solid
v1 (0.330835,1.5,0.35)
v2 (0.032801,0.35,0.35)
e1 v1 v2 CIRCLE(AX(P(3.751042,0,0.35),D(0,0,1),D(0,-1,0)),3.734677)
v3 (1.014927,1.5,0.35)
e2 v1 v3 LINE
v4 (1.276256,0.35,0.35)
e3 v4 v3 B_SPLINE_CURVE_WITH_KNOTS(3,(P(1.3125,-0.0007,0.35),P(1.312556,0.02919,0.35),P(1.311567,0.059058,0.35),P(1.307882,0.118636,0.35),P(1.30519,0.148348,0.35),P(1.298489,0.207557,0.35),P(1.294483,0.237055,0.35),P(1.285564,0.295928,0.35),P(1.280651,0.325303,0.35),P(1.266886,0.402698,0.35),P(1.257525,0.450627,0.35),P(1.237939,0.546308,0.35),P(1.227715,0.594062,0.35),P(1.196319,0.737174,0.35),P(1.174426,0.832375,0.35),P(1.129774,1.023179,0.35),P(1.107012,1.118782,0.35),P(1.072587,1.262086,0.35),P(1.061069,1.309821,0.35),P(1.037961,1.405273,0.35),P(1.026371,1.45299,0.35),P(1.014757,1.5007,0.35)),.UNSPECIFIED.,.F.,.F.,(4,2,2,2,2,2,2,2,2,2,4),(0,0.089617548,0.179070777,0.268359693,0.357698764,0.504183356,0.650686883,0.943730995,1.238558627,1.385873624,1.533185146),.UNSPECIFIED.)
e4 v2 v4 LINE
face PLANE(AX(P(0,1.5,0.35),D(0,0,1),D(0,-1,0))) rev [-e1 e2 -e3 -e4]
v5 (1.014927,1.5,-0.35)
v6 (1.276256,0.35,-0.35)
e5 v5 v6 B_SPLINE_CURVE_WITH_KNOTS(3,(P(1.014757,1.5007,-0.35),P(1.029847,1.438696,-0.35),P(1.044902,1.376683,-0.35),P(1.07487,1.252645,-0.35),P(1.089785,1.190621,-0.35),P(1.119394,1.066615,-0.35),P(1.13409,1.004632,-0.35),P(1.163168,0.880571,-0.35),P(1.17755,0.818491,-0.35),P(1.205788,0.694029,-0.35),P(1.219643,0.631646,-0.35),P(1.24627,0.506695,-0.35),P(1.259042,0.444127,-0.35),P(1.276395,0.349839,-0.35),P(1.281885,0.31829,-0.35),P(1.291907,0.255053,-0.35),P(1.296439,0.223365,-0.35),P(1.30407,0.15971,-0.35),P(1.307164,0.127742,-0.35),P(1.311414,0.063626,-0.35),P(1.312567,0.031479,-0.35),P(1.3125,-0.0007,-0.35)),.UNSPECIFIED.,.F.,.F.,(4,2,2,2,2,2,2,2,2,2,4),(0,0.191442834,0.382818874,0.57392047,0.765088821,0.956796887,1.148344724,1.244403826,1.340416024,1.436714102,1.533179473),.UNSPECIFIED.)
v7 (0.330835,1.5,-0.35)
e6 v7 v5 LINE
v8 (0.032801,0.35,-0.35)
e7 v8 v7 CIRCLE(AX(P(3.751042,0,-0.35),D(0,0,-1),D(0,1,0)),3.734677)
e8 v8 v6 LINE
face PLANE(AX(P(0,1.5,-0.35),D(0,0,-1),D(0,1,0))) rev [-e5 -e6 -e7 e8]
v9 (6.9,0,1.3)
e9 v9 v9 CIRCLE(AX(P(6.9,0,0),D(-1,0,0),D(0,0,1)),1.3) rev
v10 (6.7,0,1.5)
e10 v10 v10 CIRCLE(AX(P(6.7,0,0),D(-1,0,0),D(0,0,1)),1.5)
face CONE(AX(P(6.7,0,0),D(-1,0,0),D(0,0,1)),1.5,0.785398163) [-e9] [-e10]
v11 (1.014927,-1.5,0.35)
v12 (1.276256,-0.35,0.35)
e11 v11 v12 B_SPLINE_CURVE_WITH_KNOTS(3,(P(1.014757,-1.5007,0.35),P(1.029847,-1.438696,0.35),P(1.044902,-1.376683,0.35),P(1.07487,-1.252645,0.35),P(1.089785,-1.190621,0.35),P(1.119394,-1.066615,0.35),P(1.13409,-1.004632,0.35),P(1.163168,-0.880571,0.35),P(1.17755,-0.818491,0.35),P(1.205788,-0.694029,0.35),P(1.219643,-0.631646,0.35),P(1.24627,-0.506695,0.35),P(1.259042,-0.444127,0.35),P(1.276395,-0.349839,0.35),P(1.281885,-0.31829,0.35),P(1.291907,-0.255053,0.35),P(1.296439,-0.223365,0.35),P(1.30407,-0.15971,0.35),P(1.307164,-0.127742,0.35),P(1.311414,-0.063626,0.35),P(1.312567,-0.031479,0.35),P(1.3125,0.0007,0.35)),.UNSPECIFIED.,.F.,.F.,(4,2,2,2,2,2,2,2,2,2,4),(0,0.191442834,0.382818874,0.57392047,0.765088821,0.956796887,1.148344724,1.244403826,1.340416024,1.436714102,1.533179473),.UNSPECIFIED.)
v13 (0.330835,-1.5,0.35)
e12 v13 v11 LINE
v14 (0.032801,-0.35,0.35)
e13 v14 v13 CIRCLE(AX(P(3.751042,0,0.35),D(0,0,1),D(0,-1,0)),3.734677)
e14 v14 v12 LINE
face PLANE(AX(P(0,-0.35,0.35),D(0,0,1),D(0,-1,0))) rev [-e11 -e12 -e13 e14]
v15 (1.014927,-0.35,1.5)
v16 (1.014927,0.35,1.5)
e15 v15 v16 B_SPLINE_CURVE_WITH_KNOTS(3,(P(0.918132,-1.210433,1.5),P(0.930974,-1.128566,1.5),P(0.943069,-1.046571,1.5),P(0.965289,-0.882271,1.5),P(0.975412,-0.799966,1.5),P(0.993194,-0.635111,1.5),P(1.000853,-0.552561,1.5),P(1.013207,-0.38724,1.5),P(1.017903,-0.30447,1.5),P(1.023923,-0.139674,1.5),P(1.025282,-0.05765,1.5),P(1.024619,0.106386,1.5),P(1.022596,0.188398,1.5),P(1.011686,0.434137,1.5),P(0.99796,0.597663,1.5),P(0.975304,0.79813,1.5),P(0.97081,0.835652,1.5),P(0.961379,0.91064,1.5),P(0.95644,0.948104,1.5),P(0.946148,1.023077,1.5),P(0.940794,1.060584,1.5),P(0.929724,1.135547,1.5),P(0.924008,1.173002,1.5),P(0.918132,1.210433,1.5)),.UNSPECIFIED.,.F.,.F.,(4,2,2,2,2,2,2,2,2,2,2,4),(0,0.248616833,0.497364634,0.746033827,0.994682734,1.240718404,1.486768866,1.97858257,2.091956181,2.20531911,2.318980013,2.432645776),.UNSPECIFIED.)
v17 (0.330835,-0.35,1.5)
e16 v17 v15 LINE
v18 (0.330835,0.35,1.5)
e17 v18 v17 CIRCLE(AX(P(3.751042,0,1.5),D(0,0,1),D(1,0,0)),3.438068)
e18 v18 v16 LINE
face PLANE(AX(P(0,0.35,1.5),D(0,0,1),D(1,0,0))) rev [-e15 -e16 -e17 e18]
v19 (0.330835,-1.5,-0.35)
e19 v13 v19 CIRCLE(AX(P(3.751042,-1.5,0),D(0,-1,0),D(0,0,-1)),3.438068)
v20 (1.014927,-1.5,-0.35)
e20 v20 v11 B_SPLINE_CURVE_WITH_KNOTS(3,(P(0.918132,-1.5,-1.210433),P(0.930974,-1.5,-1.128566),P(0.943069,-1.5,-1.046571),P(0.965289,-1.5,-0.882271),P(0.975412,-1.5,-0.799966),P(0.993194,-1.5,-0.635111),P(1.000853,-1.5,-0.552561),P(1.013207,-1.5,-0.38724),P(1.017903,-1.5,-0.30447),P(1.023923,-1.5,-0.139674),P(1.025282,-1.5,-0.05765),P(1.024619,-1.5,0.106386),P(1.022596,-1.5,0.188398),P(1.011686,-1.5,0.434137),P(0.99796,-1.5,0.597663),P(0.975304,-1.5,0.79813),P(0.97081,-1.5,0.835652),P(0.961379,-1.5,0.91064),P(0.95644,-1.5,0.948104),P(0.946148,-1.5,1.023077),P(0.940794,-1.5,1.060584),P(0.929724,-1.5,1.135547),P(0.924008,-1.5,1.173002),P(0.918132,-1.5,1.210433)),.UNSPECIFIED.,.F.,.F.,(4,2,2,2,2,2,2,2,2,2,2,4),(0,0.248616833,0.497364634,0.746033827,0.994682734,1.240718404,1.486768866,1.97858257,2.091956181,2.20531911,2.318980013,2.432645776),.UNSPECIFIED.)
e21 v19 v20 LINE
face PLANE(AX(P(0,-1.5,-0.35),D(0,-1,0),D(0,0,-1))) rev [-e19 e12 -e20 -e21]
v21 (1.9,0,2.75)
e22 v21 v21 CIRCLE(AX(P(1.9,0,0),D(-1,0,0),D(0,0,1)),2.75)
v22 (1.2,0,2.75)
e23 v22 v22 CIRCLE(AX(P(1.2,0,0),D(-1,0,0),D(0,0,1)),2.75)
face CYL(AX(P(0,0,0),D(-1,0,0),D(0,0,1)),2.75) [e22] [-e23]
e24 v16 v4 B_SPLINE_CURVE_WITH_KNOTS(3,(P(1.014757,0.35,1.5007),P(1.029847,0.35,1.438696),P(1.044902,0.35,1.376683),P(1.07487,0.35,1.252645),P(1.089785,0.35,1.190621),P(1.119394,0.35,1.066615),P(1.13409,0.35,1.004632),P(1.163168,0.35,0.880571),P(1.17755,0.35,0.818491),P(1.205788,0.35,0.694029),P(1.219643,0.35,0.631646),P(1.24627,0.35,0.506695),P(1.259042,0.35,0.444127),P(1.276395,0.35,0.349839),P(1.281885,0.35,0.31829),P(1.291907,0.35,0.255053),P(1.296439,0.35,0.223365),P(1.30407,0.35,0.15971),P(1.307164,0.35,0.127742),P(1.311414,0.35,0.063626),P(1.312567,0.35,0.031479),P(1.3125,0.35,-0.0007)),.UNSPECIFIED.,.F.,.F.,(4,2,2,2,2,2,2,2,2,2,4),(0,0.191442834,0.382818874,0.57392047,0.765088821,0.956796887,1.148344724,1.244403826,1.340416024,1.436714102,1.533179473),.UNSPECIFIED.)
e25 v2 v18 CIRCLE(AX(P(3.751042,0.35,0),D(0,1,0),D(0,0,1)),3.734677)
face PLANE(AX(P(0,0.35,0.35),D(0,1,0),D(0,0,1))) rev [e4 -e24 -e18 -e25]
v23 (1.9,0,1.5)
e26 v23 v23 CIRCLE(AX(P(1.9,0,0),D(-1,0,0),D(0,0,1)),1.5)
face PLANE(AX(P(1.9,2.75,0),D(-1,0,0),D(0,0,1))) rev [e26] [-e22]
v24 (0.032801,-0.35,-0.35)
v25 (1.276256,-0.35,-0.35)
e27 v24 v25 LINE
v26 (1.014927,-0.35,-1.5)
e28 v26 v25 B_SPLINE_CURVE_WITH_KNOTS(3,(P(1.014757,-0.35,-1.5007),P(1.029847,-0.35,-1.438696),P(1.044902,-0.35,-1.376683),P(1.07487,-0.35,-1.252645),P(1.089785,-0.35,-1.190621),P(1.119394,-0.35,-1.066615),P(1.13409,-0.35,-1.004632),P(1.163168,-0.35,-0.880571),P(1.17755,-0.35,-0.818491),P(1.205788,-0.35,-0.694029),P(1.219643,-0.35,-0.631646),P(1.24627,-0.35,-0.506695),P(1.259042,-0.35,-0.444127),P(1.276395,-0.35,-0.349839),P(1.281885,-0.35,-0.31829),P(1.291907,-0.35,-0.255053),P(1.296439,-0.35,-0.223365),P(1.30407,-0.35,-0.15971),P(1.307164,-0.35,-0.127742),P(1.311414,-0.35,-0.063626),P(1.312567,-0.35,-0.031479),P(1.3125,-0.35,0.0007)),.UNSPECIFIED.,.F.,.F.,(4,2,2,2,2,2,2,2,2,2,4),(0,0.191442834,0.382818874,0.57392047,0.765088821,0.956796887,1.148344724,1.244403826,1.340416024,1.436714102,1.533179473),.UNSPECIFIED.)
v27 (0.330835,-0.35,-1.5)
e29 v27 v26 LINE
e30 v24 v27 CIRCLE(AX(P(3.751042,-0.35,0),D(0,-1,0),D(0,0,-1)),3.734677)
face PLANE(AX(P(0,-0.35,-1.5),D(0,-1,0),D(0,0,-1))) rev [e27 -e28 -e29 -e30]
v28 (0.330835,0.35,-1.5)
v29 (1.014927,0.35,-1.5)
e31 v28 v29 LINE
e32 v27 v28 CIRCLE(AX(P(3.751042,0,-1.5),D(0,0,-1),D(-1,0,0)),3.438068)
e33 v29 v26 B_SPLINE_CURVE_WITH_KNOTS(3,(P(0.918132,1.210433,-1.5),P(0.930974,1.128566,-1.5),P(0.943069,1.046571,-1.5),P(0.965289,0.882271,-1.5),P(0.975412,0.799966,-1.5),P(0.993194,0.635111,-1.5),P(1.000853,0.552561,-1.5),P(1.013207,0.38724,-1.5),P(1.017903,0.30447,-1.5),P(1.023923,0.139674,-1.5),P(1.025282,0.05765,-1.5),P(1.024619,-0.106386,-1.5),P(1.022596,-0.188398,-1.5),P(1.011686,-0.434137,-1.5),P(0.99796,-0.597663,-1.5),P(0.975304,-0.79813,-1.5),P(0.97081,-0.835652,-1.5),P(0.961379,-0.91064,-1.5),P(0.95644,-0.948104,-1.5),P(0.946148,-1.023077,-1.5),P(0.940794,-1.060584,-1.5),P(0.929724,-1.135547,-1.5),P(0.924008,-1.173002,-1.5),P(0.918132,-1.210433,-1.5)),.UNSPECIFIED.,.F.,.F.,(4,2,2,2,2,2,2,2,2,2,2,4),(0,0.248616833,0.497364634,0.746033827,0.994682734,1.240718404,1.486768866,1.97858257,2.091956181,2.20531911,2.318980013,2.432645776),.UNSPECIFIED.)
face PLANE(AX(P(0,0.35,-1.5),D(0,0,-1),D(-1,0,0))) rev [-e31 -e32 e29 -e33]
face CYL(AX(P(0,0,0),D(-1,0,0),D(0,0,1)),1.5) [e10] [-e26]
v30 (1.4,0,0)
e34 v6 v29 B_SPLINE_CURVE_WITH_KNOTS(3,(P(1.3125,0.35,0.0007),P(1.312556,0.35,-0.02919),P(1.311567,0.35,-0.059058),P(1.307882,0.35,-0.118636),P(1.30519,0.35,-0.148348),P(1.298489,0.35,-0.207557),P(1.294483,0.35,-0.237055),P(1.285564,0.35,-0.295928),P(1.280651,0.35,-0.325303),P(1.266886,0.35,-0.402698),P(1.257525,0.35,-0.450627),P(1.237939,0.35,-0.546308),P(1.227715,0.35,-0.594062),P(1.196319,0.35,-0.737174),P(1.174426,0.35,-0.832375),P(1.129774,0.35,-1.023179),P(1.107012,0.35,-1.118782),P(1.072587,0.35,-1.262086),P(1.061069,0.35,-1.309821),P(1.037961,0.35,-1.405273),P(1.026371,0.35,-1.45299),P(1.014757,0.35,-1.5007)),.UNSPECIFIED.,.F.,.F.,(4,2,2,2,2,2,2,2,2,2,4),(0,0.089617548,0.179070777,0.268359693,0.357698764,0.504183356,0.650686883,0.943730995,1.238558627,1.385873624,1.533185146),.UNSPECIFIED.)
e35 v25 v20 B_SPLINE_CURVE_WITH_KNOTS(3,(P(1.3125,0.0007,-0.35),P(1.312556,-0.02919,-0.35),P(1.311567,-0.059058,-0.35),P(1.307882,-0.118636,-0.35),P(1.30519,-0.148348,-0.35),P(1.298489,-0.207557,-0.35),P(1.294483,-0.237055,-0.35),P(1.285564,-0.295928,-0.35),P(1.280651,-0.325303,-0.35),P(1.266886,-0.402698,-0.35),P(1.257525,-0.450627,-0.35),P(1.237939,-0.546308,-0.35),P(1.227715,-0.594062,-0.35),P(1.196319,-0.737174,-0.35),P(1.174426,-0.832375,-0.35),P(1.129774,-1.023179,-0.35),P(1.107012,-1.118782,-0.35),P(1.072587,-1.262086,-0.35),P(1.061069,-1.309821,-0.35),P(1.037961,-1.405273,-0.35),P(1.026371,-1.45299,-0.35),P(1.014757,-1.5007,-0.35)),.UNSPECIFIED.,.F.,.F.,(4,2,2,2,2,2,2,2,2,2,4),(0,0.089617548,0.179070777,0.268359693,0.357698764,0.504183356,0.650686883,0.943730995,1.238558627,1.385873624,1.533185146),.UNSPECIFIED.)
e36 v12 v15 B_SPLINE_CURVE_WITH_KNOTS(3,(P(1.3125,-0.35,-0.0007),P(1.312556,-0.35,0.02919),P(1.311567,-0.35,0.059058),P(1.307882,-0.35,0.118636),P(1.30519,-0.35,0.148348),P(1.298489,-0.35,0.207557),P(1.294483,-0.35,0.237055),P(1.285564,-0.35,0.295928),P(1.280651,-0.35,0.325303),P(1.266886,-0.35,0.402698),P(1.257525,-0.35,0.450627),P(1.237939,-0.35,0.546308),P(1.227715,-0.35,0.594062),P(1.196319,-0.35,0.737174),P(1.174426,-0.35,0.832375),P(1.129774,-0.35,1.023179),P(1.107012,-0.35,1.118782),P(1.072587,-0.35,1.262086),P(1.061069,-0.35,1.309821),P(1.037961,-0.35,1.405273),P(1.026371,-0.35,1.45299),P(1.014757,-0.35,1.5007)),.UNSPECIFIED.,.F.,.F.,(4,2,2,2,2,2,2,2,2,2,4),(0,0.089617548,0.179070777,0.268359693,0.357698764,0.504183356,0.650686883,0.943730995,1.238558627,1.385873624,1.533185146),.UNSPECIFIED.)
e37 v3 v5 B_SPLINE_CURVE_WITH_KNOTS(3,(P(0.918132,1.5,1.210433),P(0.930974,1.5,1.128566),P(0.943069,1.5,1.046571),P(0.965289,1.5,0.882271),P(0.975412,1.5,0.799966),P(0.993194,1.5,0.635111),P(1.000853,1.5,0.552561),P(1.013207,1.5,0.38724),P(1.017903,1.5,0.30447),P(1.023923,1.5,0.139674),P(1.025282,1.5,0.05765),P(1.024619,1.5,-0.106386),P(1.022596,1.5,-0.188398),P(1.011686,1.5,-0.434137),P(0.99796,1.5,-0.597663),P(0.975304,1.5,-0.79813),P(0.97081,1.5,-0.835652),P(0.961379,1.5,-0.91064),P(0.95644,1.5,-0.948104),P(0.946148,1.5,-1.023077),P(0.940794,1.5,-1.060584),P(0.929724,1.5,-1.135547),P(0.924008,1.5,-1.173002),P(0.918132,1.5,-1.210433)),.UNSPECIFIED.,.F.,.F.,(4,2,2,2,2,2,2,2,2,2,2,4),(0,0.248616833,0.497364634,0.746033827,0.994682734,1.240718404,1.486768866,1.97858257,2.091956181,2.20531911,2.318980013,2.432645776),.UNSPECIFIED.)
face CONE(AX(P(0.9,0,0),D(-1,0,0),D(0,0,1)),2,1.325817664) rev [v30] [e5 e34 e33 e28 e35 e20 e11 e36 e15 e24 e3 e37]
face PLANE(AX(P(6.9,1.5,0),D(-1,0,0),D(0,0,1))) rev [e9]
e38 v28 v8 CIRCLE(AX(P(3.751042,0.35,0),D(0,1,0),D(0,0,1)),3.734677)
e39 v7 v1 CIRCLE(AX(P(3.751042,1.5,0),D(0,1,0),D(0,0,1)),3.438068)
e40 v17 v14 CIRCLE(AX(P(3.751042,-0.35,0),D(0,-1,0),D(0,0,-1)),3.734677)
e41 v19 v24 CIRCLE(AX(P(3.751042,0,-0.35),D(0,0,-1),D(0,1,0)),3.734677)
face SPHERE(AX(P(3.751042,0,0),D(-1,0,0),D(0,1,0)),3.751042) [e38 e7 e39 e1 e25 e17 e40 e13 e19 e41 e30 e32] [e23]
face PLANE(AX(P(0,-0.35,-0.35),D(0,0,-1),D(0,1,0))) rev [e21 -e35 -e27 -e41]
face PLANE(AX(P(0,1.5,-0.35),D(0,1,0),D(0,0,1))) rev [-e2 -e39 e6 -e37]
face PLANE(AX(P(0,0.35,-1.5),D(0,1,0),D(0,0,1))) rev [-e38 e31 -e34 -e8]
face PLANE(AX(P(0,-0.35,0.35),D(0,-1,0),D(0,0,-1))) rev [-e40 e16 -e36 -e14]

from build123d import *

# Parameters (mm, degrees)
CUT_EXTRUDE_START   = -0.5
CUT_EXTRUDE_1_DEPTH = 6.83442973
CHAMFER_1_SIZE      = 0.2


with BuildPart() as part:
    # 草图1 → 旋转1 (revolve)
    with BuildSketch(Plane.XY, mode=Mode.PRIVATE) as revolve_1_sk:
        with BuildLine():
            Line((1.2, 2.75), (1.9, 2.75))
            Line((1.9, 2.75), (1.9, 1.5))
            Line((1.9, 1.5), (6.9, 1.5))
            Line((6.9, 1.5), (6.9, 0))
            Line((6.9, 0), (0, 0))
            ThreePointArc((0, 0), (0.313064269, 1.500208319), (1.2, 2.75))
        make_face()
    revolve(revolve_1_sk.sketch.rotate(Axis((0, 0, 0), (1, 0, 0)), 90), axis=Axis((0, 0, 0), (1, 0, 0)))

    # 草图2 → 切除-拉伸1 (cut, through all)
    with BuildSketch(Plane(origin=(1.9, 0, 0), x_dir=(0, 0, -1), z_dir=(1, 0, 0)).offset(CUT_EXTRUDE_START)):
        Polygon((0.35, -0.35), (0.35, -1.5), (-0.35, -1.5), (-0.35, -0.35), (-1.5, -0.35), (-1.5, 0.35), (-0.35, 0.35), (-0.35, 1.5), (0.35, 1.5), (0.35, 0.35), (1.5, 0.35), (1.5, -0.35), align=None)
    extrude(amount=-CUT_EXTRUDE_1_DEPTH, mode=Mode.SUBTRACT)

    # 草图3 → 旋转3 (revolve)
    with BuildSketch(Plane.XY, mode=Mode.PRIVATE) as revolve_3_sk:
        Polygon((1.9, 0), (1.9, 2), (0.9, 2), (1.4, 0), align=None)
    revolve(revolve_3_sk.sketch.rotate(Axis((0, 0, 0), (1, 0, 0)), 13.134022306), axis=Axis((0, 0, 0), (1, 0, 0)))

    # 倒角1
    chamfer_1_edges = [part.edges().sort_by_distance(p)[0] for p in [
        (6.9, 0, -1.5),
    ]]
    chamfer(chamfer_1_edges, length=CHAMFER_1_SIZE)


solid = part.part
